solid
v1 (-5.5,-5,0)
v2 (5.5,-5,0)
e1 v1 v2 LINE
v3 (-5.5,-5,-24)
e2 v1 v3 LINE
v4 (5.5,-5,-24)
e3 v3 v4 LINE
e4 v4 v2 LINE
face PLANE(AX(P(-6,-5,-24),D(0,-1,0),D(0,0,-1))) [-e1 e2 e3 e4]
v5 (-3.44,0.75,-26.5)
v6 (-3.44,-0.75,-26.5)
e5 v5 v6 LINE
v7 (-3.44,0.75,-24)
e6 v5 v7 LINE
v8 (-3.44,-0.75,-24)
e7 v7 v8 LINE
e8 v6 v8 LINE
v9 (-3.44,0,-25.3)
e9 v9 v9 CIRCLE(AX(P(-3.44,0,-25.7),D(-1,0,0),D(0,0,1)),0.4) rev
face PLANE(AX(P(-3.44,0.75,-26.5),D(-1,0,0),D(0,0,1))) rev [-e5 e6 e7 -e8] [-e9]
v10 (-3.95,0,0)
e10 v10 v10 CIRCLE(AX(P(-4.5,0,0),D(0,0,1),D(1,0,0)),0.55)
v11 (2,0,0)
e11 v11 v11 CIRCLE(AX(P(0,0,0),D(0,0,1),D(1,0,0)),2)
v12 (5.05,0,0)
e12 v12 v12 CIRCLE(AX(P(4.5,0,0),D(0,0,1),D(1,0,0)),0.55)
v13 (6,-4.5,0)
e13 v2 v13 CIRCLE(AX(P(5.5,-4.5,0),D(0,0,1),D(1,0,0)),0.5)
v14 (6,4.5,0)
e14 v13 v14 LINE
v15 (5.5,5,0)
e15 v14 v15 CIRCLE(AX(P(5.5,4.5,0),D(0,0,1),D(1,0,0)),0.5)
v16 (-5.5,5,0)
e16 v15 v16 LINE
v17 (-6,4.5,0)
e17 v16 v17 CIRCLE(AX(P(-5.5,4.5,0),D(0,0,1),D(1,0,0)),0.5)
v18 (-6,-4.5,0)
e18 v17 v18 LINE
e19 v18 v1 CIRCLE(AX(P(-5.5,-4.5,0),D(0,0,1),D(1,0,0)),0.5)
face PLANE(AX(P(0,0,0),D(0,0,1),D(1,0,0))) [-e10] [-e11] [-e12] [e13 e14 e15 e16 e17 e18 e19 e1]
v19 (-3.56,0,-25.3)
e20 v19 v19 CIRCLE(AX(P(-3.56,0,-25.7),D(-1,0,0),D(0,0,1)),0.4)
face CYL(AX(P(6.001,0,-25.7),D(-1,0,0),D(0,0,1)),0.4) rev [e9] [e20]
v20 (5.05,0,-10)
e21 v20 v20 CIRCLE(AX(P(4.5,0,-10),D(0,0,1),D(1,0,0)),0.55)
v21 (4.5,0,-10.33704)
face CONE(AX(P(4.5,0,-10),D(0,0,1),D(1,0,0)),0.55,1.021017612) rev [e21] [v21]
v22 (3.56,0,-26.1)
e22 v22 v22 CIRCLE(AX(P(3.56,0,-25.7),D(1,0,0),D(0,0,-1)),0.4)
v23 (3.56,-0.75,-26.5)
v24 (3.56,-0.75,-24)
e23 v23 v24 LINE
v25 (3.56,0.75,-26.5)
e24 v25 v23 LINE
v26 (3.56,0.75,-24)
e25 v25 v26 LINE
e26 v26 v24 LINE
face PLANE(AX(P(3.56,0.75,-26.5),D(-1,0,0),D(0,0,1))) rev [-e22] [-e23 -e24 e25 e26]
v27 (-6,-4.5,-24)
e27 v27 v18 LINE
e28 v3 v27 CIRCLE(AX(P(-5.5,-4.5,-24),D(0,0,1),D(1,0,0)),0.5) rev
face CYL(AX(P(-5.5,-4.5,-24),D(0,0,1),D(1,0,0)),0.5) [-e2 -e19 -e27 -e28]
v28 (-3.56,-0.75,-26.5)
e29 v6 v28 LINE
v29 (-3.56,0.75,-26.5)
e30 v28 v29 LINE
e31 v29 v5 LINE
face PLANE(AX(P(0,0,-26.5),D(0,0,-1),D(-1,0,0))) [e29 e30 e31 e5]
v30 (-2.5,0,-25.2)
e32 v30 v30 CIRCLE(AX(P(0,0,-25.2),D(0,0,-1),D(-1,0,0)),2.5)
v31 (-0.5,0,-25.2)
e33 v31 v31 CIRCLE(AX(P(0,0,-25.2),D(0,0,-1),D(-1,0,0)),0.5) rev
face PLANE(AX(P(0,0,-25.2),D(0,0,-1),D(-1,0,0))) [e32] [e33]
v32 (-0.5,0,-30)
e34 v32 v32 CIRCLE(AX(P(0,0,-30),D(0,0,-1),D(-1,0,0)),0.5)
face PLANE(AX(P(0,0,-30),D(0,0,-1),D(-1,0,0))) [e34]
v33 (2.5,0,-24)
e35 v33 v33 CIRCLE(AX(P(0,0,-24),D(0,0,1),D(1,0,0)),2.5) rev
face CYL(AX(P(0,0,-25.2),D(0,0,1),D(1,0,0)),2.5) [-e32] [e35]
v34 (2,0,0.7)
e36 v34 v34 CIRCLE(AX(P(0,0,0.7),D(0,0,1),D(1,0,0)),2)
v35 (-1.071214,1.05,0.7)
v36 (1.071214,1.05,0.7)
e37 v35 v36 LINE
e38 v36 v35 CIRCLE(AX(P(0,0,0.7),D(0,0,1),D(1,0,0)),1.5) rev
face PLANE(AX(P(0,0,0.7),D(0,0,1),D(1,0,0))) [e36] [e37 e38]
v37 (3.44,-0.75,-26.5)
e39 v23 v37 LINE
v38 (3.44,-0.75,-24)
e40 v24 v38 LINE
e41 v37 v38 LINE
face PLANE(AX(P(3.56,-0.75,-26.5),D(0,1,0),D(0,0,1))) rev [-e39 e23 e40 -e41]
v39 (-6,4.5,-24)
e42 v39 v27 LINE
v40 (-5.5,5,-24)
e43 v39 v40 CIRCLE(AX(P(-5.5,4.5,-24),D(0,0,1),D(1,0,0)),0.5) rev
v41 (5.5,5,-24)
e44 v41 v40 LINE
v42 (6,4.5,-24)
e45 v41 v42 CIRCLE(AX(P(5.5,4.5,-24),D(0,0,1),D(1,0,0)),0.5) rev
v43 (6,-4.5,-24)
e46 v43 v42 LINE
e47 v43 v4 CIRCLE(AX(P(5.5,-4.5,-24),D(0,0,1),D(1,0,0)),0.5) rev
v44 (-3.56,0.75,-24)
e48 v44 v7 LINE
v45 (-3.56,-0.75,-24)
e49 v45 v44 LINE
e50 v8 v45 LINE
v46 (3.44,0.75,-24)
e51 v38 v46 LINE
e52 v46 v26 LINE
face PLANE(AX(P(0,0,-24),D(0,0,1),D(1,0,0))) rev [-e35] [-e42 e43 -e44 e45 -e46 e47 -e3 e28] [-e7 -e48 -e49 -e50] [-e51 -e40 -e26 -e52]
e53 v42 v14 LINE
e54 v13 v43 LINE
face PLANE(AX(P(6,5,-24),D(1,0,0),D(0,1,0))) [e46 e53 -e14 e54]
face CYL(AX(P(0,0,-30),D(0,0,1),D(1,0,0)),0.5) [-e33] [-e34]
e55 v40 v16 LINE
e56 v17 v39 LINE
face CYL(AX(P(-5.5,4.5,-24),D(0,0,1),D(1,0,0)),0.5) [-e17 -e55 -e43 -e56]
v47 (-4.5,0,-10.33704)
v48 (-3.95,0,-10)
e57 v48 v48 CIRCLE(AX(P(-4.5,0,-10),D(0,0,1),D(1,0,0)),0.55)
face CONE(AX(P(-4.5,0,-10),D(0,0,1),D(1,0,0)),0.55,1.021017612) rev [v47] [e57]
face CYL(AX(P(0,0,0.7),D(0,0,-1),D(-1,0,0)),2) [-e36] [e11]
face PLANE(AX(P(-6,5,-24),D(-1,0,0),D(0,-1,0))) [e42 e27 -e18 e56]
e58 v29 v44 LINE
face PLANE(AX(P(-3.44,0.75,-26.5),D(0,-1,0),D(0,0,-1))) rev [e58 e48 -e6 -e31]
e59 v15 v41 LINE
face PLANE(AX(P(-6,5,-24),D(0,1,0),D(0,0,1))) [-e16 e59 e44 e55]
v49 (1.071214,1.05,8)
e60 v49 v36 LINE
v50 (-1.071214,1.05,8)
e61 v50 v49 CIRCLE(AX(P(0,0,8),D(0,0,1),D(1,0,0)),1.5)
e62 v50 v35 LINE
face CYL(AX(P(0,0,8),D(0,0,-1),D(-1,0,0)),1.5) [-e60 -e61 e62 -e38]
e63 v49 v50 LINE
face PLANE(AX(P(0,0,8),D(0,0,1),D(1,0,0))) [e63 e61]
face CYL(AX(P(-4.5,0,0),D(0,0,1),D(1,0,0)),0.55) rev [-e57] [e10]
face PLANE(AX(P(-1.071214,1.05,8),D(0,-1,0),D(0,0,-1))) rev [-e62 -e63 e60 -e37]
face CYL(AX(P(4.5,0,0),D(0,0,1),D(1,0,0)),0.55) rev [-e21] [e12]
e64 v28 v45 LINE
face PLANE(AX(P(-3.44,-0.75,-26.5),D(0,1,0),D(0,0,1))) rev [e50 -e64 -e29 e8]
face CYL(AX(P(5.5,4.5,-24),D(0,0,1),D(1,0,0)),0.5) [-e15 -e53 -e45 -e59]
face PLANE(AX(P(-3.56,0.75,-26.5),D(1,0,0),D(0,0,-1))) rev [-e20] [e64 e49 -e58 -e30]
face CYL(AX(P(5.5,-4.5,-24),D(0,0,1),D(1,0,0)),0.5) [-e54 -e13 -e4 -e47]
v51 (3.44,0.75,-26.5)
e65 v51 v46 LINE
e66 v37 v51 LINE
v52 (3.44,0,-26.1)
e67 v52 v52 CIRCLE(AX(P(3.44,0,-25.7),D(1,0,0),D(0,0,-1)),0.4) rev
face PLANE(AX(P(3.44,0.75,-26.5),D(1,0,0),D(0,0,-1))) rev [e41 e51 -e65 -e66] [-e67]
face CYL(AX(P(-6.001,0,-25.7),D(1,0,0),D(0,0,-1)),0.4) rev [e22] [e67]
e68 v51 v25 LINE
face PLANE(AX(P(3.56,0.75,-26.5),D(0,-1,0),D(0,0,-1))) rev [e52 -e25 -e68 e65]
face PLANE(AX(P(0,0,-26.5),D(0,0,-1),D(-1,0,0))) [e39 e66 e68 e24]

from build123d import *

# Parameters (mm, degrees)
TOP_W                                     = 12
TOP_H                                     = 10
PRECISION_MICRODRIVES_MODEL_212_109_DEPTH = 24
TOP_RING_2_R                              = 2
TOP_RING_DEPTH                            = 0.7
HOLE_WIZARD_M1_1_D                        = 1.1
HOLE_WIZARD_M1_1_DEPTH                    = 10
HOLE_WIZARD_M1_1_TIP                      = 0.337040433
HOLE_WIZARD_M1_2_D                        = 1.1
HOLE_WIZARD_M1_2_DEPTH                    = 10
HOLE_WIZARD_M1_2_TIP                      = 0.337040433
D_SHAFT_DEPTH                             = 8
VERRUNDUNG1_R                             = 0.5
SKIZZE12_R                                = 2.5
BOTTOM_DEPTH                              = 1.2
SKIZZE13_R                                = 0.5
BOLT_DEPTH                                = 6
SKIZZE14_W                                = 0.12
SKIZZE14_H                                = 1.5
FLAPS_DEPTH                               = 2.5
FLAP1_CUT_REACH                           = 11.56
SKIZZE15_R                                = 0.4
FLAP2_CUT_REACH                           = 11.56
SKIZZE16_R                                = 0.4


with BuildPart() as part:
    # top → Precision Microdrives Model 212-109 (new body)
    with BuildSketch(Plane.XY):
        Rectangle(TOP_W, TOP_H)
    extrude(amount=-PRECISION_MICRODRIVES_MODEL_212_109_DEPTH)

    # top ring 2 → top-ring (add)
    with BuildSketch(Plane.XY):
        Circle(TOP_RING_2_R)
    extrude(amount=TOP_RING_DEPTH)

    # Hole Wizard M1-1
    with Locations(Plane.XY):
        with Locations((-4.5, 0)):
            Hole(HOLE_WIZARD_M1_1_D / 2, depth=HOLE_WIZARD_M1_1_DEPTH)
            with Locations((0, 0, -(HOLE_WIZARD_M1_1_DEPTH + HOLE_WIZARD_M1_1_TIP / 2))):  # 117° drill point
                Cone(0, HOLE_WIZARD_M1_1_D / 2, HOLE_WIZARD_M1_1_TIP, mode=Mode.SUBTRACT)

    # Hole Wizard M1-2
    with Locations(Plane.XY):
        with Locations((4.5, 0)):
            Hole(HOLE_WIZARD_M1_2_D / 2, depth=HOLE_WIZARD_M1_2_DEPTH)
            with Locations((0, 0, -(HOLE_WIZARD_M1_2_DEPTH + HOLE_WIZARD_M1_2_TIP / 2))):  # 117° drill point
                Cone(0, HOLE_WIZARD_M1_2_D / 2, HOLE_WIZARD_M1_2_TIP, mode=Mode.SUBTRACT)

    # Skizze11 → D-Shaft (add)
    with BuildSketch(Plane.XY):
        with BuildLine():
            Line((-1.071214264, 1.05), (1.071214264, 1.05))
            ThreePointArc((1.071214264, 1.05), (0, -1.5), (-1.071214264, 1.05))
        make_face()
    extrude(amount=D_SHAFT_DEPTH)

    # Verrundung1
    verrundung1_edges = [part.edges().sort_by_distance(p)[0] for p in [
        (-6, 5, -12),
        (6, 5, -12),
        (6, -5, -12),
        (-6, -5, -12),
    ]]
    fillet(verrundung1_edges, radius=VERRUNDUNG1_R)

    # Skizze12 → bottom (add)
    with BuildSketch(Plane(origin=(0, 0, -24), x_dir=(-1, 0, 0), z_dir=(0, 0, -1))):
        Circle(SKIZZE12_R)
    extrude(amount=BOTTOM_DEPTH)

    # Skizze13 → bolt (add)
    with BuildSketch(Plane(origin=(0, 0, -24), x_dir=(-1, 0, 0), z_dir=(0, 0, -1))):
        Circle(SKIZZE13_R)
    extrude(amount=BOLT_DEPTH)

    # Skizze14 → flaps (add)
    with BuildSketch(Plane(origin=(0, 0, -24), x_dir=(-1, 0, 0), z_dir=(0, 0, -1))):
        with Locations((-3.5, 0)):
            Rectangle(SKIZZE14_W, SKIZZE14_H)
        with Locations((3.5, 0)):
            Rectangle(SKIZZE14_W, SKIZZE14_H)
    extrude(amount=FLAPS_DEPTH)

    # Skizze15 → flap1-cut (cut, up to next)
    with BuildSketch(Plane.ZY.offset(3.56), mode=Mode.PRIVATE) as flap1_cut_sk1:
        with Locations((-25.7, 0)):
            Circle(SKIZZE15_R)
    flap1_cut_tool1 = extrude(flap1_cut_sk1.sketch, amount=-FLAP1_CUT_REACH, mode=Mode.PRIVATE) & part.part
    add(flap1_cut_tool1.solids().sort_by_distance((-3.56, 0, -25.7))[0], mode=Mode.SUBTRACT)

    # Skizze16 → flap2-cut (cut, up to next)
    with BuildSketch(Plane(origin=(3.56, 0, 0), x_dir=(0, 0, -1), z_dir=(1, 0, 0)), mode=Mode.PRIVATE) as flap2_cut_sk1:
        with Locations((25.7, 0)):
            Circle(SKIZZE16_R)
    flap2_cut_tool1 = extrude(flap2_cut_sk1.sketch, amount=-FLAP2_CUT_REACH, mode=Mode.PRIVATE) & part.part
    add(flap2_cut_tool1.solids().sort_by_distance((3.56, 0, -25.7))[0], mode=Mode.SUBTRACT)


solid = part.part
